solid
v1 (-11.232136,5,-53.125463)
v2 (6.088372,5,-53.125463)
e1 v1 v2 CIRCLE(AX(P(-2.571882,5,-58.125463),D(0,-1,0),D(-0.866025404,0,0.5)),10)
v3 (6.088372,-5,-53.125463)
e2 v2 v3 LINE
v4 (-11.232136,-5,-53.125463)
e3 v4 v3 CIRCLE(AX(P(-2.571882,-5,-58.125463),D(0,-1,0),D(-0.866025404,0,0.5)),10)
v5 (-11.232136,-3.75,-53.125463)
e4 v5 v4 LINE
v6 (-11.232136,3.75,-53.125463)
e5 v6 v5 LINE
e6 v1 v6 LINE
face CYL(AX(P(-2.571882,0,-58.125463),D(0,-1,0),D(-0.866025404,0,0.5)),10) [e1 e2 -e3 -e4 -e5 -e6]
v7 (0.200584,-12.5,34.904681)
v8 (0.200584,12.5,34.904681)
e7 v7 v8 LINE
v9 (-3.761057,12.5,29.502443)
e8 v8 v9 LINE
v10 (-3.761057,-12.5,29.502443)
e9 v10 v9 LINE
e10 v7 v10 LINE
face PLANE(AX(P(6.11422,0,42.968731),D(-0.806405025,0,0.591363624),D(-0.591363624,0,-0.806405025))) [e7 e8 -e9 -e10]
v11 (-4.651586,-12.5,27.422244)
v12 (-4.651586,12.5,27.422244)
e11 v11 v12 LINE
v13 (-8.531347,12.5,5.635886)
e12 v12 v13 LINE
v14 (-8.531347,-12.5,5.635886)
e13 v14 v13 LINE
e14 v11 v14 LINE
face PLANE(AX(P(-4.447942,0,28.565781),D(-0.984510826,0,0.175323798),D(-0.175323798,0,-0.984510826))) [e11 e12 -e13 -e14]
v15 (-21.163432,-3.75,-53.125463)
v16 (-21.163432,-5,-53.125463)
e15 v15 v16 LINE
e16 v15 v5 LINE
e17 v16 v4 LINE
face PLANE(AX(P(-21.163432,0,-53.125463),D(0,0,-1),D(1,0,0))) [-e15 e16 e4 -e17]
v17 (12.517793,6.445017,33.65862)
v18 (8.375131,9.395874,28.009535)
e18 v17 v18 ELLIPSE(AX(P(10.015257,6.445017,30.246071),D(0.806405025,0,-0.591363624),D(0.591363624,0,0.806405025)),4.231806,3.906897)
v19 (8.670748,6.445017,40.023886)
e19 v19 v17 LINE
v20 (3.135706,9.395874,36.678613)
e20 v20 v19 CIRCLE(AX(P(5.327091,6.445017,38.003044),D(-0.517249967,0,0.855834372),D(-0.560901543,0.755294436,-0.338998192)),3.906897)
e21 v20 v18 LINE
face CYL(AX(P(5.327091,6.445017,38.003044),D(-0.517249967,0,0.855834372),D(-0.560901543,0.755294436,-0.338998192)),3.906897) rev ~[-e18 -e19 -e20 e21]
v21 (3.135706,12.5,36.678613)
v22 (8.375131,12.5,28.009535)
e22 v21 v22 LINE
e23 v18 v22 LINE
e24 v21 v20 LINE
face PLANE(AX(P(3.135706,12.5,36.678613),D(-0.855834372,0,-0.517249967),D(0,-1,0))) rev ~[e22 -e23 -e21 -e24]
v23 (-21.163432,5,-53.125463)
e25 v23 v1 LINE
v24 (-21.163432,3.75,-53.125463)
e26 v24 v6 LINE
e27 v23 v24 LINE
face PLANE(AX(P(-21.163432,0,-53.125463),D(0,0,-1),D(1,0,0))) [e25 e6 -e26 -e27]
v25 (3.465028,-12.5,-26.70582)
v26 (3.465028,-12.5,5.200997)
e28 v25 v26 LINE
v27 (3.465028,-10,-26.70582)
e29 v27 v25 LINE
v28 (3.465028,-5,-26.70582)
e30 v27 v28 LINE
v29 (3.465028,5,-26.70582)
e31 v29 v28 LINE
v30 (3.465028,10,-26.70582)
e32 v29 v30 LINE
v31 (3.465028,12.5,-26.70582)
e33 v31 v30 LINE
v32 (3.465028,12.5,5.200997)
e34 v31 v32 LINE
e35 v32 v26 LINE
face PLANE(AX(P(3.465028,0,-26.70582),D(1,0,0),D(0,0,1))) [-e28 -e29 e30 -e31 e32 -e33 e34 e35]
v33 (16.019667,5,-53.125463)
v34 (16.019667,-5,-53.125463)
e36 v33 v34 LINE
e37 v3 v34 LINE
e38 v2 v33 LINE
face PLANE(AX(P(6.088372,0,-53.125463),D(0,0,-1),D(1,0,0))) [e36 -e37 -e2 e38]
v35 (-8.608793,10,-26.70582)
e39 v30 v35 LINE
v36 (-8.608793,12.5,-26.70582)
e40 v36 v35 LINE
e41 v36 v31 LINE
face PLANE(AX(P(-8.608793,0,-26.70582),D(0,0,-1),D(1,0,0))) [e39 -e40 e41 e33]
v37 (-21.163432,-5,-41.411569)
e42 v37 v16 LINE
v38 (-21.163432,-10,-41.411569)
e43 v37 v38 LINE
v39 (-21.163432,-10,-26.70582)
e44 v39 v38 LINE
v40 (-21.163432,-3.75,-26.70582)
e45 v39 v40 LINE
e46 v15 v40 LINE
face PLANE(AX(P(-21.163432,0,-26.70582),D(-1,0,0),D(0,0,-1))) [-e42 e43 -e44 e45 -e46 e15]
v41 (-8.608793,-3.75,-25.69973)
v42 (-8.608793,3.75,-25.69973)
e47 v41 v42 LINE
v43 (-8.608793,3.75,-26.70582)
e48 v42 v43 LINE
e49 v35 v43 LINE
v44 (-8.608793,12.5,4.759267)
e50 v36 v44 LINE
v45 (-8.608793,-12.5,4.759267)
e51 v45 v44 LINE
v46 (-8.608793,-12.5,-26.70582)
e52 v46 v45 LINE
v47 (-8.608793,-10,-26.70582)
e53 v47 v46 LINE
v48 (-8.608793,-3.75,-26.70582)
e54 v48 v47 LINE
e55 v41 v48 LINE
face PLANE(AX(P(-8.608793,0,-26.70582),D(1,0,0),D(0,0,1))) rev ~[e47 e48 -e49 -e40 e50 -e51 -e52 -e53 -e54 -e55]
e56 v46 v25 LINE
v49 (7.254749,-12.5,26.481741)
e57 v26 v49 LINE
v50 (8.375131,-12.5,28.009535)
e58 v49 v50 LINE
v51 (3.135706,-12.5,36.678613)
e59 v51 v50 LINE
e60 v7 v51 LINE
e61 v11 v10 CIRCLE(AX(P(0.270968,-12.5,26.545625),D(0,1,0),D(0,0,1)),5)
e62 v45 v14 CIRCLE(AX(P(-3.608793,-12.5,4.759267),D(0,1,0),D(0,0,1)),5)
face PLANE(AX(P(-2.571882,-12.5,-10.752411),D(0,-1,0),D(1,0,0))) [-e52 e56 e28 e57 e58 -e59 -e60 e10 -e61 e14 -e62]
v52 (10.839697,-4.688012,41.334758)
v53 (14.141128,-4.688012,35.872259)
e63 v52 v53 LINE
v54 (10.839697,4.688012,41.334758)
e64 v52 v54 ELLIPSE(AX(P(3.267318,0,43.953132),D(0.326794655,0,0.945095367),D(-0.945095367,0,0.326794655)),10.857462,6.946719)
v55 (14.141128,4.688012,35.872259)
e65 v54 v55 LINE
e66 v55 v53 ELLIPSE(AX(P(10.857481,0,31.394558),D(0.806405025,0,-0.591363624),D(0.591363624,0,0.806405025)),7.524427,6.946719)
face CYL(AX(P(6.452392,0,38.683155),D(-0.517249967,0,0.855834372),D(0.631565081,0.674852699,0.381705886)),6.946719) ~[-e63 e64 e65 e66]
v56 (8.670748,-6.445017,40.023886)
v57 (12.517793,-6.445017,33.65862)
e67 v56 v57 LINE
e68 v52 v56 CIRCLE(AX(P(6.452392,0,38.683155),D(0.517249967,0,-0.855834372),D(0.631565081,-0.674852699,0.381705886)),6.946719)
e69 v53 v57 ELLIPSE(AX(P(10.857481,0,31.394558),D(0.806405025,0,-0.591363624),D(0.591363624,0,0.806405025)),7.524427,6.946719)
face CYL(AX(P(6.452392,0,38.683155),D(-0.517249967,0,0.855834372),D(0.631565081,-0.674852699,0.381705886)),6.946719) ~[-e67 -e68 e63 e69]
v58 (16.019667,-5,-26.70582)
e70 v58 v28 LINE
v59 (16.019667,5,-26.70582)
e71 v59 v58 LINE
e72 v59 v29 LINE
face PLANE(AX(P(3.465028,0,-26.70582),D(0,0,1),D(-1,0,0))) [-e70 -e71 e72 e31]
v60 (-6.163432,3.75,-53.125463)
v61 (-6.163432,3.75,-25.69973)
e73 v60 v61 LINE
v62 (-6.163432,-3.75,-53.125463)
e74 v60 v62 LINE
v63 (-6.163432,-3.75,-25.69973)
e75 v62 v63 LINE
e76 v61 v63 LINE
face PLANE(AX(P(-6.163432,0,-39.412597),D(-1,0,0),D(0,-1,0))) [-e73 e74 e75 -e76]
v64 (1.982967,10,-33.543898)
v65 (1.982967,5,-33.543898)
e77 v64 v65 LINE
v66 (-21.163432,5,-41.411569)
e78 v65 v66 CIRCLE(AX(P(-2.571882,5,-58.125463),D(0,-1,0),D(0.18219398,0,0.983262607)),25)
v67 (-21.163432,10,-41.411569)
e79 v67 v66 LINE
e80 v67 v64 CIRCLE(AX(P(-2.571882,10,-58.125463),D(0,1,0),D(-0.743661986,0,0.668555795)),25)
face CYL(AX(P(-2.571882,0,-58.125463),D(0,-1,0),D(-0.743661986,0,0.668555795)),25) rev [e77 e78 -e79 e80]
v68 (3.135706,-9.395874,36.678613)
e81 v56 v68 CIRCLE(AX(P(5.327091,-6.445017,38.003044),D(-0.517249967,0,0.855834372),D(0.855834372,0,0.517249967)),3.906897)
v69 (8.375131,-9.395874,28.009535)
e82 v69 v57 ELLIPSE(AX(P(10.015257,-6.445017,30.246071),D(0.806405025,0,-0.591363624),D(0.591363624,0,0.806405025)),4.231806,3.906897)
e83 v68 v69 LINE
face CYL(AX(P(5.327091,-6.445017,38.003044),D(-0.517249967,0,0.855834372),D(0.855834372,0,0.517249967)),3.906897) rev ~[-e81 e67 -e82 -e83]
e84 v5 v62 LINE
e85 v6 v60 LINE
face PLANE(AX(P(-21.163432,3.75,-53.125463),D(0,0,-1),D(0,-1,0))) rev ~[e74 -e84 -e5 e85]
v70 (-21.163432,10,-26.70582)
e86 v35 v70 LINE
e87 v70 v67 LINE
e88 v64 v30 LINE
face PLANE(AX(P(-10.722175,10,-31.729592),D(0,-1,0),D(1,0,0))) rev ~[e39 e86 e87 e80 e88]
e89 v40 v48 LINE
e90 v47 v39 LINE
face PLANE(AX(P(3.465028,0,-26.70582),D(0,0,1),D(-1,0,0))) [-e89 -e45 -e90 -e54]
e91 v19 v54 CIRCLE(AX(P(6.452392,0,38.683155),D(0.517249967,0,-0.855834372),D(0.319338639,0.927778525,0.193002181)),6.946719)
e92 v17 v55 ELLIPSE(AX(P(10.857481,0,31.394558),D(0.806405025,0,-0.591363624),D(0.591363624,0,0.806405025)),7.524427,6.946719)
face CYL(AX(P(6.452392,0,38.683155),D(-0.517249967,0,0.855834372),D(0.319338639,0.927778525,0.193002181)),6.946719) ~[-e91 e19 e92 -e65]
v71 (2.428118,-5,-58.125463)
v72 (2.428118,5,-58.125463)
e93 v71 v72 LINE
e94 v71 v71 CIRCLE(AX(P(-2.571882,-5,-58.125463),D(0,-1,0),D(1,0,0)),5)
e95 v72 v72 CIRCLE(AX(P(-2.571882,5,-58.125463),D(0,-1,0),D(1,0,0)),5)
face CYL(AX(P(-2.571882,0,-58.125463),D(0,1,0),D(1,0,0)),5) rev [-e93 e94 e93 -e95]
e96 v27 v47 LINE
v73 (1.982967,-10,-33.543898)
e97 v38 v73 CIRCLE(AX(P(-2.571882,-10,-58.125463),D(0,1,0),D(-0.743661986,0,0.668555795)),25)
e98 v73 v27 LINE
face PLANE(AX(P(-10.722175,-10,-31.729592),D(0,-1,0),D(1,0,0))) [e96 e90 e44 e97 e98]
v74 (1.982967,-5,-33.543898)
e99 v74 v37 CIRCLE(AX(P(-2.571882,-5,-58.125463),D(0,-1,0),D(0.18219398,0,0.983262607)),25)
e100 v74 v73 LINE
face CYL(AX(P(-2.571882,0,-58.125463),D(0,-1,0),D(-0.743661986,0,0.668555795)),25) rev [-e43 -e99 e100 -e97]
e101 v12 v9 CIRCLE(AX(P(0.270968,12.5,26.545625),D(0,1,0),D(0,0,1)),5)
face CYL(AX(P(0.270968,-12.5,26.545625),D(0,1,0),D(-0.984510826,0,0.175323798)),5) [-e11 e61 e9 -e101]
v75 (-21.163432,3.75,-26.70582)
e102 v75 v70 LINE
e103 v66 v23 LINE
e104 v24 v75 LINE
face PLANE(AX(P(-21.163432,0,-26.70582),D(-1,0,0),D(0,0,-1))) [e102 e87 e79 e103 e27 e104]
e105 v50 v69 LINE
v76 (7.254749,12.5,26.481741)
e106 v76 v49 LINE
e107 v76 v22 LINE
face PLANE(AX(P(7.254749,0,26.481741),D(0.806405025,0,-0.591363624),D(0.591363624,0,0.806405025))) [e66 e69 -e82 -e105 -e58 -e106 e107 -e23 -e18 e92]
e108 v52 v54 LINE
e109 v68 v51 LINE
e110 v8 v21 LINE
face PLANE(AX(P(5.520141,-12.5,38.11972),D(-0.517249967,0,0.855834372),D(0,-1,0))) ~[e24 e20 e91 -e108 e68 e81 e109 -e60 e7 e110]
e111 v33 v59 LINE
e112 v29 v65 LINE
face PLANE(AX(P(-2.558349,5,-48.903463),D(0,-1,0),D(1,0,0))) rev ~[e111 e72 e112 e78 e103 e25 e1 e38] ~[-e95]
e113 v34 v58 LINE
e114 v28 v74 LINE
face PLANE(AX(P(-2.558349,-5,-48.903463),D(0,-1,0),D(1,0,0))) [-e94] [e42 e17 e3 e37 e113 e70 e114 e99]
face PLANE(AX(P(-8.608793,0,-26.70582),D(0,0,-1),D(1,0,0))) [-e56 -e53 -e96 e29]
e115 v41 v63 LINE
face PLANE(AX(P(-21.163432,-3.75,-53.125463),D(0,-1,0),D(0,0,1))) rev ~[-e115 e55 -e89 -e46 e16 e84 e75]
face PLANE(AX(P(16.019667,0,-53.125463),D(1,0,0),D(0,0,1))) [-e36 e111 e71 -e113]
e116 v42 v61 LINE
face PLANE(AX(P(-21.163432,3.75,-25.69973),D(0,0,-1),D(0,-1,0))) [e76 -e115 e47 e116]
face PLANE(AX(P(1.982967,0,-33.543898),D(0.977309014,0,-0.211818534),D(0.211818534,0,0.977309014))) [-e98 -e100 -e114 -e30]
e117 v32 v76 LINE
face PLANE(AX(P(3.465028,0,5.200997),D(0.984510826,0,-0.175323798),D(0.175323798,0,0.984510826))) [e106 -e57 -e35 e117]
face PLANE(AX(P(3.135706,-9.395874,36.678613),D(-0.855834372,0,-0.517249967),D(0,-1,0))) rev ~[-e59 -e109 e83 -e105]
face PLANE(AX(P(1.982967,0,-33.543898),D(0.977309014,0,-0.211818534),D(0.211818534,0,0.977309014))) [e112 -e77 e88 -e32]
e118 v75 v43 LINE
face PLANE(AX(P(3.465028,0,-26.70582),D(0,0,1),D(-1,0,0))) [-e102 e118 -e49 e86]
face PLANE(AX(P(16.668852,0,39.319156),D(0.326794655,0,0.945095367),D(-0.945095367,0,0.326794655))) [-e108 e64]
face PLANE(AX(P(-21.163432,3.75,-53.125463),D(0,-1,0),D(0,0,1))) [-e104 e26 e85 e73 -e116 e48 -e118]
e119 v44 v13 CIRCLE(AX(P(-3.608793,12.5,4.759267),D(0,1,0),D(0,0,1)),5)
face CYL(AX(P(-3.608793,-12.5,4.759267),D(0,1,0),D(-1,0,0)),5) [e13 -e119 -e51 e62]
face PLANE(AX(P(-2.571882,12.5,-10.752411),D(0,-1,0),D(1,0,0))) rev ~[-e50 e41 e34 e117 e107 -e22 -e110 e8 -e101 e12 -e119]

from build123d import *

# Parameters (mm, degrees)
F1_DEPTH = 10
F0_R     = 5
F2_DEPTH = 5
F0_W     = 12.0738212518
F0_H     = 31.9068175741
F3_DEPTH = 12.5
F4_R     = 5
F5_SIZE2 = 5
F5_SIZE  = 10
F7_DEPTH = 25
F8_W     = 7.5
F8_H     = 27.4257330972
F9_DEPTH = 15


with BuildPart() as f1:
    # F0 (on Front) → F1 (new body, symmetric)
    with BuildSketch(Plane.XZ):
        with BuildLine():
            Line((-21.1634319276, -26.7058201134), (-21.1634319276, -41.4115685539))
            ThreePointArc((-21.1634319276, -41.4115685539), (-10.6175206449, -34.455488704), (1.9829672237, -33.5438982608))
            Line((1.9829672237, -33.5438982608), (3.4650283433, -26.7058201134))
            Line((3.4650283433, -26.7058201134), (-8.6087929085, -26.7058201134))
            Line((-8.6087929085, -26.7058201134), (-21.1634319276, -26.7058201134))
        make_face()
    extrude(amount=F1_DEPTH, both=True)

    # F0 (on Front) → F2 (join, symmetric)
    with BuildSketch(Plane.XZ):
        with BuildLine():
            Line((-21.1634319276, -41.4115685539), (-21.1634319276, -53.1254634261))
            Line((-21.1634319276, -53.1254634261), (-19.8923903583, -53.1254634261))
            Line((-19.8923903583, -53.1254634261), (-11.2321363204, -53.1254634261))
            ThreePointArc((-11.2321363204, -53.1254634261), (-2.5718822826, -68.1254634261), (6.0883717553, -53.1254634261))
            Line((6.0883717553, -53.1254634261), (14.7486257931, -53.1254634261))
            Line((14.7486257931, -53.1254634261), (16.0196673624, -53.1254634261))
            Line((16.0196673624, -53.1254634261), (16.0196673624, -41.4115685539))
            ThreePointArc((16.0196673624, -41.4115685539), (9.6516199724, -36.3175292593), (1.9829672237, -33.5438982608))
            ThreePointArc((1.9829672237, -33.5438982608), (-10.6175206449, -34.455488704), (-21.1634319276, -41.4115685539))
        make_face()
        with Locations((-2.5718822826, -58.1254634261)):
            Circle(F0_R, mode=Mode.SUBTRACT)
        with BuildLine():
            Line((3.4650283433, -26.7058201134), (1.9829672237, -33.5438982608))
            ThreePointArc((1.9829672237, -33.5438982608), (9.6516199724, -36.3175292593), (16.0196673624, -41.4115685539))
            Line((16.0196673624, -41.4115685539), (16.0196673624, -26.7058201134))
            Line((16.0196673624, -26.7058201134), (3.4650283433, -26.7058201134))
        make_face()
    extrude(amount=F2_DEPTH, both=True)

    # F0 (on Front) → F3 (join, symmetric)
    with BuildSketch(Plane.XZ):
        with Locations((-2.5718822826, -10.7524113264)):
            Rectangle(F0_W, F0_H)
        Polygon((-4.447942134, 28.565781191), (-8.6087929085, 5.2009974606), (3.4650283433, 5.2009974606), (7.2547487569, 26.4817409097), align=None)
        Polygon((6.1142202467, 42.9687313735), (-4.447942134, 28.565781191), (7.2547487569, 26.4817409097), (16.6688518649, 39.3191555594), align=None)
    extrude(amount=F3_DEPTH, both=True)

    # F4
    f4_edges = [f1.edges().sort_by_distance(p)[0] for p in [
        (-8.608793, 0, 5.200997),
        (-4.447942, 0, 28.565781),
    ]]
    fillet(f4_edges, radius=F4_R)

    # F5
    f5_edges = [f1.edges().sort_by_distance(p)[0] for p in [
        (6.11422, 0, 42.968731),
    ]]
    f5_side = f1.faces().sort_by_distance((1.176582, 0, 36.235587))[0]
    chamfer(f5_edges, length=F5_SIZE, length2=F5_SIZE2, reference=f5_side)

    # F6 (on face) → F7 (cut)
    with BuildSketch(Plane(origin=(-15.3979489719, 0, 25.4772253764), x_dir=(0.8558343717, 0, 0.5172499669), z_dir=(-0.5172499669, 0, 0.8558343717))):
        with BuildLine():
            Line((30.657387603, 12.5), (30.657387603, 4.6880120664))
            ThreePointArc((30.657387603, 4.6880120664), (32.4777582205, 0), (30.657387603, -4.6880120664))
            Line((30.657387603, -4.6880120664), (30.657387603, -12.5))
            Line((30.657387603, -12.5), (39.1792431474, -12.5))
            Line((39.1792431474, -12.5), (39.1792431474, 12.5))
            Line((39.1792431474, 12.5), (30.657387603, 12.5))
        make_face()
        with BuildLine():
            Line((21.6556563973, 12.5), (21.6556563973, 9.3958744477))
            ThreePointArc((21.6556563973, 9.3958744477), (22.5944314954, 2.8906144363), (28.1230778906, 6.445016712))
            ThreePointArc((28.1230778906, 6.445016712), (29.4889605189, 5.7089196767), (30.657387603, 4.6880120664))
            Line((30.657387603, 4.6880120664), (30.657387603, 12.5))
            Line((30.657387603, 12.5), (21.6556563973, 12.5))
        make_face()
        with BuildLine():
            Line((30.657387603, -12.5), (30.657387603, -4.6880120664))
            ThreePointArc((30.657387603, -4.6880120664), (29.4889605189, -5.7089196767), (28.1230778906, -6.445016712))
            ThreePointArc((28.1230778906, -6.445016712), (22.5944314954, -2.8906144363), (21.6556563973, -9.3958744477))
            Line((21.6556563973, -9.3958744477), (21.6556563973, -12.5))
            Line((21.6556563973, -12.5), (30.657387603, -12.5))
        make_face()
    extrude(amount=-F7_DEPTH, mode=Mode.SUBTRACT)

    # F8 (on face) → F9 (cut)
    with BuildSketch(Plane(origin=(-21.1634319276, 0, 0), x_dir=(0, -1, 0), z_dir=(-1, 0, 0))):
        with Locations((0, -39.4125968775)):
            Rectangle(F8_W, F8_H)
    extrude(amount=-F9_DEPTH, mode=Mode.SUBTRACT)


solid = f1.part
